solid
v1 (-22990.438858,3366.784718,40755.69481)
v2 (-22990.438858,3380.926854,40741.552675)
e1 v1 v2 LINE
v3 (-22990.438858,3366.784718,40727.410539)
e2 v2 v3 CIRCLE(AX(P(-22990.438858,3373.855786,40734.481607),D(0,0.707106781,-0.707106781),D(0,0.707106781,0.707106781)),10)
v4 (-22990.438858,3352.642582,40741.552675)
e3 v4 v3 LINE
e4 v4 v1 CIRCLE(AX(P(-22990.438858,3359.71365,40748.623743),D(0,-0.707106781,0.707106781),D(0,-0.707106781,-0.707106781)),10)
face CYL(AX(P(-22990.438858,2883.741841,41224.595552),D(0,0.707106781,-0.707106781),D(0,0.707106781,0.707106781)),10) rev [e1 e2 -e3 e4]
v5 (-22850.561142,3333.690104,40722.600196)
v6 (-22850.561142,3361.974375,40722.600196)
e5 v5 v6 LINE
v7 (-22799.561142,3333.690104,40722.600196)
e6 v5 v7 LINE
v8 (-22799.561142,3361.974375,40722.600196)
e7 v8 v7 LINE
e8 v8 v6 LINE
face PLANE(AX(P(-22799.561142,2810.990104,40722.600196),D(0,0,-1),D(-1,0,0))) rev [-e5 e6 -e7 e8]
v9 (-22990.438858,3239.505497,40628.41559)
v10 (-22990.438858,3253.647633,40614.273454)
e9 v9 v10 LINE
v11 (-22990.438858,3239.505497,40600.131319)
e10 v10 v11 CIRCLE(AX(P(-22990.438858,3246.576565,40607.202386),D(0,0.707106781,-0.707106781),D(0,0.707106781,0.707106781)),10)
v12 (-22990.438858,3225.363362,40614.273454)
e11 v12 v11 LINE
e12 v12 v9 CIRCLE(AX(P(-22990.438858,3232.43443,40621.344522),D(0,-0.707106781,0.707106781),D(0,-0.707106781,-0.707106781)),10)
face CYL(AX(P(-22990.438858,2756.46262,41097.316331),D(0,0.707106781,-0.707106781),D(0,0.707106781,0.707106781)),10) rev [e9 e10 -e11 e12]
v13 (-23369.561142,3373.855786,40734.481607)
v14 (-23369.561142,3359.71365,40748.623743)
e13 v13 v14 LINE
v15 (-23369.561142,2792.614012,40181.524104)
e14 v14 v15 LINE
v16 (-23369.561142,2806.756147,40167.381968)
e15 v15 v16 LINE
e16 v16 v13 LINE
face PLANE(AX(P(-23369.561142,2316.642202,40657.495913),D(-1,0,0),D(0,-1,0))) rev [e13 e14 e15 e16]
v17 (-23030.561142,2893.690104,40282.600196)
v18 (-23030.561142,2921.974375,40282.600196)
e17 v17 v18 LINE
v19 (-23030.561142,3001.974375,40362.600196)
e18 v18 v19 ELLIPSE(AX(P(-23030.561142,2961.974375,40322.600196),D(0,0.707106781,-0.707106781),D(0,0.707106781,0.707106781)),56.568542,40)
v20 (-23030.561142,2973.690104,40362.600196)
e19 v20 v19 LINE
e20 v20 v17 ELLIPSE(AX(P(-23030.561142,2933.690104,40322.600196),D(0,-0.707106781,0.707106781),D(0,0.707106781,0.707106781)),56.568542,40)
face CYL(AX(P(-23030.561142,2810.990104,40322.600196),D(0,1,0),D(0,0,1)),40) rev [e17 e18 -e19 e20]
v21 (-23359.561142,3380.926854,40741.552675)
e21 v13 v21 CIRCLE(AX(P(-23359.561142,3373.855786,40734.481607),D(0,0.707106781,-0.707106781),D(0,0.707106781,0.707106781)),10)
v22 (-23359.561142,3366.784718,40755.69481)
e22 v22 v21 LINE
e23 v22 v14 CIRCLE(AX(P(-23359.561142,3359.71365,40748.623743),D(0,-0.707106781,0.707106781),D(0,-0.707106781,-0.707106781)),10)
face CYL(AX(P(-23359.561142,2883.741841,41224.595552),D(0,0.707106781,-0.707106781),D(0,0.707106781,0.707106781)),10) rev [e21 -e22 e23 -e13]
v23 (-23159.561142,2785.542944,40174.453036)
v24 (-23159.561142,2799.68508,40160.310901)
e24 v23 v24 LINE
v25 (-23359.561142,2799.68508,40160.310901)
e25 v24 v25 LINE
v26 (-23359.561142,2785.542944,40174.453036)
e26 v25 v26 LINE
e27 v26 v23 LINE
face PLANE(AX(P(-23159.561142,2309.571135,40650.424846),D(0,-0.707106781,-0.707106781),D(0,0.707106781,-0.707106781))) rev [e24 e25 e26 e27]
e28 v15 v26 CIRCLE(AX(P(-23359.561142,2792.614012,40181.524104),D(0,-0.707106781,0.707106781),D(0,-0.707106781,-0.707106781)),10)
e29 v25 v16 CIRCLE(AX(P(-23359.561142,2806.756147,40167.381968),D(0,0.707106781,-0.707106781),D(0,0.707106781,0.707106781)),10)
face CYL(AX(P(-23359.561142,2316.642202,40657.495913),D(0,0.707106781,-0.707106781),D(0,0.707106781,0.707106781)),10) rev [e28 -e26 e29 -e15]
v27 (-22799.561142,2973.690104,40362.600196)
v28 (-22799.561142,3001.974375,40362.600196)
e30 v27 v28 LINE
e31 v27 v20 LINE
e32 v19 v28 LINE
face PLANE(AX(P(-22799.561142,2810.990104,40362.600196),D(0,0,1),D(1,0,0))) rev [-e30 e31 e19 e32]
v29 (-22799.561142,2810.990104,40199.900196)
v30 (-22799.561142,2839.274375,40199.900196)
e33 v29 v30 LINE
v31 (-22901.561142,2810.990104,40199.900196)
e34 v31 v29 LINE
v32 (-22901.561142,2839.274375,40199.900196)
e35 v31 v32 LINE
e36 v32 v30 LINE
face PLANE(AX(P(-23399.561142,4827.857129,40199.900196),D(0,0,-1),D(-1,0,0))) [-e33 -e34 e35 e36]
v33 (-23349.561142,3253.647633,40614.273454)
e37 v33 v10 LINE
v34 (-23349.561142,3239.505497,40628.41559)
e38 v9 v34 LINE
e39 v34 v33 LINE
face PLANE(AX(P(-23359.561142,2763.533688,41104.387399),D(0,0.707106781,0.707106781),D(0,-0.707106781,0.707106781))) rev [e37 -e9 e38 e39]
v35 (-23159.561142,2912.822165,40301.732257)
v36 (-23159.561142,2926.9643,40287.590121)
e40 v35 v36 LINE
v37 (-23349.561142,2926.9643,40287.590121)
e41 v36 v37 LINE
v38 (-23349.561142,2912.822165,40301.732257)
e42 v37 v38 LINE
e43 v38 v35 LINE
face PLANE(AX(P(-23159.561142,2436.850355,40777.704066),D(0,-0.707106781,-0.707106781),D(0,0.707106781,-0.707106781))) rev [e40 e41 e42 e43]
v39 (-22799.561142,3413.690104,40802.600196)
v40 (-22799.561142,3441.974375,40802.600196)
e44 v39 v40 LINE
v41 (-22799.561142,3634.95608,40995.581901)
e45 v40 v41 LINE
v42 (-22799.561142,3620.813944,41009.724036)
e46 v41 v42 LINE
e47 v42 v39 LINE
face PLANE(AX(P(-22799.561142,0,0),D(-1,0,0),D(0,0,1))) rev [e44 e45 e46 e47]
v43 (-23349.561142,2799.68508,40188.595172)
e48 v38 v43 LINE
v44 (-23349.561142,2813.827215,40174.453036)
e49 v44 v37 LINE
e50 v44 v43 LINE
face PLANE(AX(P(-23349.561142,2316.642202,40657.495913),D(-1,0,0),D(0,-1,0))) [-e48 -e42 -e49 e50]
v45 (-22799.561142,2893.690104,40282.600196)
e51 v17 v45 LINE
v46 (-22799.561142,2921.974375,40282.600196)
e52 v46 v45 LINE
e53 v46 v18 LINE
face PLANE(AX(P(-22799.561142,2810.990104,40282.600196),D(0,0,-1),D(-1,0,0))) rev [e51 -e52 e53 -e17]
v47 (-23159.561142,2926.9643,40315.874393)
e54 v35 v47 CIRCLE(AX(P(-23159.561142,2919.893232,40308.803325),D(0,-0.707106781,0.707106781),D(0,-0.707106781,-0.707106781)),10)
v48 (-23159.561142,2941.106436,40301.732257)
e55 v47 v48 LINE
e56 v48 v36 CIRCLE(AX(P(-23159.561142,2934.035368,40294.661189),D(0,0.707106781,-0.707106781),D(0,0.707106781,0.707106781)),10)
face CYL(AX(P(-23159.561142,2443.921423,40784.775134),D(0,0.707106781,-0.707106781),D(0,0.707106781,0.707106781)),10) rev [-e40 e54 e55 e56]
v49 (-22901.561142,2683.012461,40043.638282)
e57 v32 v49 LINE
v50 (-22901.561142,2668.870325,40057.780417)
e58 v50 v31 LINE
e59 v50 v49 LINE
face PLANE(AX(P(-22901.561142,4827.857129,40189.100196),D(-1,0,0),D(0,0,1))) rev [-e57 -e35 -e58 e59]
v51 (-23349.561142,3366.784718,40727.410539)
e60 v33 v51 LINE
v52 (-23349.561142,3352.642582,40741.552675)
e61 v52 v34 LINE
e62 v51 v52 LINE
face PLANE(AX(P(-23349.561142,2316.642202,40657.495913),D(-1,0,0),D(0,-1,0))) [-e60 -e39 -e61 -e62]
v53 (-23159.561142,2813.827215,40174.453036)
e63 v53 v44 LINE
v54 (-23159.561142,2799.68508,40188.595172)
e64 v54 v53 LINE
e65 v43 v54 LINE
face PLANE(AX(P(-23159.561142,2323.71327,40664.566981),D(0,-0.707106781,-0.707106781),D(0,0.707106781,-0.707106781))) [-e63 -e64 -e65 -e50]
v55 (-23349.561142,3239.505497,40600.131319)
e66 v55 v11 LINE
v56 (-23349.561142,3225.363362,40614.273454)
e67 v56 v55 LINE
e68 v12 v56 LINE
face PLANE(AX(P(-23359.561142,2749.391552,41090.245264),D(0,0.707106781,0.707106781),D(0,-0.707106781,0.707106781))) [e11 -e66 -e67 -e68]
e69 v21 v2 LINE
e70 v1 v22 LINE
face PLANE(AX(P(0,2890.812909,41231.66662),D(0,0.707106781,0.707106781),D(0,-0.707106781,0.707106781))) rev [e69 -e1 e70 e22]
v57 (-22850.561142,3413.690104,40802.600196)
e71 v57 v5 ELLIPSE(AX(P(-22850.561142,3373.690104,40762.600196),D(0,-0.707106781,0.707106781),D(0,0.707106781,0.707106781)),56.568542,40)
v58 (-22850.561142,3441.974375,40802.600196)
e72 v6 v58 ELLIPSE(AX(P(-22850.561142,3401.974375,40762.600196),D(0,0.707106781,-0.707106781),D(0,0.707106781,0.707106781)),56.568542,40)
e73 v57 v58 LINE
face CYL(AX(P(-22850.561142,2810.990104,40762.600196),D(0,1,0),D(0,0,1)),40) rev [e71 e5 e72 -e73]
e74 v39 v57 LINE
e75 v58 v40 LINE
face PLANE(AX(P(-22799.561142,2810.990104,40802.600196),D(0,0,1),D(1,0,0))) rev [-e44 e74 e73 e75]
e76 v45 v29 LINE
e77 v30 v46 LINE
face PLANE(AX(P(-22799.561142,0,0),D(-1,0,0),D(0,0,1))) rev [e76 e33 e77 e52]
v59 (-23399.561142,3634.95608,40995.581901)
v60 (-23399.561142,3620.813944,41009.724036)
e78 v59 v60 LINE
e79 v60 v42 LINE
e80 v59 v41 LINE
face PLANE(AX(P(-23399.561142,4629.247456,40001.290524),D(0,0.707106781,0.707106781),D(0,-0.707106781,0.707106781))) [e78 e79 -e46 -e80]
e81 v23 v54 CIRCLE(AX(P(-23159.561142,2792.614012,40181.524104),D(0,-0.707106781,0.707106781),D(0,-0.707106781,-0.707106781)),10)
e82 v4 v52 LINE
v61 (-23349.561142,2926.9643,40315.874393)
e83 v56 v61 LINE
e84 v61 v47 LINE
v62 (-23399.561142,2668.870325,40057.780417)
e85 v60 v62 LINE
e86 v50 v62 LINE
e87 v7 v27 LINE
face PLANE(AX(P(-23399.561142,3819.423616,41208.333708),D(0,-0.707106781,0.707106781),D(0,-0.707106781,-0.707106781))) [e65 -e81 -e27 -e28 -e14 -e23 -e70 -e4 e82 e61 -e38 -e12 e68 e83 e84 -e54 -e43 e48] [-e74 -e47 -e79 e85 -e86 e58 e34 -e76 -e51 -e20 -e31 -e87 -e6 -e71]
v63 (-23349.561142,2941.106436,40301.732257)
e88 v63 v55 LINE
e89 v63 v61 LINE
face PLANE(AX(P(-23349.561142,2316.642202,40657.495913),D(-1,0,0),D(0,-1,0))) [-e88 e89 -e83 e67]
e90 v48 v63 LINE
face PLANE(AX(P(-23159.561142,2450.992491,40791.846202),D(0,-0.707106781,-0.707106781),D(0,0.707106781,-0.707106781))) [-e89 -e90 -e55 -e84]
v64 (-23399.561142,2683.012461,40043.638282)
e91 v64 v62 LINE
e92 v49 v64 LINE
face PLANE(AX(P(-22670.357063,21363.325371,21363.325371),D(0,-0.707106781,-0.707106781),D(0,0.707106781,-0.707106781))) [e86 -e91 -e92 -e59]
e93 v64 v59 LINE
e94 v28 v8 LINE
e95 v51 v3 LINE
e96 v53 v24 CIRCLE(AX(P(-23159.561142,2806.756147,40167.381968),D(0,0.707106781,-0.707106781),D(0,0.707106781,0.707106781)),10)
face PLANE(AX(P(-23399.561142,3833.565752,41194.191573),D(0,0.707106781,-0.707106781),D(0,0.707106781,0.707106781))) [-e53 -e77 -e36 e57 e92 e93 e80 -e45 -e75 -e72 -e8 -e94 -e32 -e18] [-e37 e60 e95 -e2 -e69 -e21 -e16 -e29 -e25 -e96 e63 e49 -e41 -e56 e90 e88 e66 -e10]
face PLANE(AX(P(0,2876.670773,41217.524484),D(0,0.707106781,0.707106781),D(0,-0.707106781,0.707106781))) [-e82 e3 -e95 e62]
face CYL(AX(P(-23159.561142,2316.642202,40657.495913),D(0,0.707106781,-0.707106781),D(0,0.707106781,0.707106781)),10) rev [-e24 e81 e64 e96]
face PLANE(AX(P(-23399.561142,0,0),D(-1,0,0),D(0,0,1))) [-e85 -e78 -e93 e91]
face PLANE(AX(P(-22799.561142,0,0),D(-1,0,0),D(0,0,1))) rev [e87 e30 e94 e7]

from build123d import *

# Parameters (mm, degrees)
BOSS_EXTRUDE1_START = -22799.561142
BOSS_EXTRUDE1_DEPTH = 600
CUT_EXTRUDE1_START  = 2893.690104
CUT_EXTRUDE1_DEPTH  = 548.284271
BOSS_EXTRUDE2_DEPTH = 498
CUT_EXTRUDE2_DEPTH  = 694.125788176


with BuildPart() as part:
    # Sketch3 → Boss-Extrude1 (new body)
    with BuildSketch(Plane(origin=(0, 0, 0), x_dir=(0, 0, -1), z_dir=(1, 0, 0)).offset(BOSS_EXTRUDE1_START)):
        Polygon((-40199.900196056, 2810.990103756), (-41009.724036196, 3620.813943896), (-40995.581900573, 3634.95607952), (-40199.900196056, 2839.274375003), align=None)
    extrude(amount=-BOSS_EXTRUDE1_DEPTH)

    # Sketch4 → Cut-Extrude1 (cut)
    with BuildSketch(Plane(origin=(0, 0, 0), x_dir=(1, 0, 0), z_dir=(0, 1, 0)).offset(CUT_EXTRUDE1_START)):
        with BuildLine():
            Line((-22799.561141737, -40362.600196057), (-23030.561141738, -40362.600196057))
            ThreePointArc((-23030.561141738, -40362.600196057), (-23070.561141738, -40322.600196057), (-23030.561141738, -40282.600196057))
            Line((-23030.561141738, -40282.600196057), (-22799.561141737, -40282.600196057))
            Line((-22799.561141737, -40282.600196057), (-22799.561141737, -40362.600196057))
        make_face()
        with BuildLine():
            Line((-22799.561141737, -40802.600196057), (-22850.561141738, -40802.600196057))
            ThreePointArc((-22850.561141738, -40802.600196057), (-22890.561141738, -40762.600196057), (-22850.561141738, -40722.600196057))
            Line((-22850.561141738, -40722.600196057), (-22799.561141737, -40722.600196057))
            Line((-22799.561141737, -40722.600196057), (-22799.561141737, -40802.600196057))
        make_face()
    extrude(amount=CUT_EXTRUDE1_DEPTH, mode=Mode.SUBTRACT)

    # Sketch5 → Boss-Extrude2 (add)
    with BuildSketch(Plane.ZY.offset(23399.561141738)):
        Polygon((40057.780417375, 2668.870325074), (40199.900196056, 2810.990103756), (40199.900196056, 2839.274375003), (40043.638281751, 2683.012460698), align=None)
    extrude(amount=-BOSS_EXTRUDE2_DEPTH)

    # Sketch6 → Cut-Extrude2 (cut, through all)
    with BuildSketch(Plane(origin=(0, -18680.312910526, 18680.312910527), x_dir=(1, 0, 0), z_dir=(0, 0.707106781, -0.707106781))):
        with BuildLine():
            Line((-23349.561141737, -30397.304477375), (-23159.561141737, -30397.304477375))
            ThreePointArc((-23159.561141737, -30397.304477375), (-23149.561141737, -30387.304477375), (-23159.561141737, -30377.304477375))
            Line((-23159.561141737, -30377.304477375), (-23359.561141737, -30377.304477375))
            ThreePointArc((-23359.561141737, -30377.304477375), (-23366.632209549, -30380.233409563), (-23369.561141737, -30387.304477375))
            Line((-23369.561141737, -30387.304477375), (-23369.561141737, -31189.304477375))
            ThreePointArc((-23369.561141737, -31189.304477375), (-23366.632209549, -31196.375545187), (-23359.561141737, -31199.304477375))
            Line((-23359.561141737, -31199.304477375), (-22990.438858263, -31199.304477375))
            ThreePointArc((-22990.438858263, -31199.304477375), (-22980.438858263, -31189.304477375), (-22990.438858263, -31179.304477375))
            Line((-22990.438858263, -31179.304477375), (-23349.561141737, -31179.304477375))
            Line((-23349.561141737, -31179.304477375), (-23349.561141737, -31019.304477375))
            Line((-23349.561141737, -31019.304477375), (-22990.438858263, -31019.304477375))
            ThreePointArc((-22990.438858263, -31019.304477375), (-22980.438858263, -31009.304477375), (-22990.438858263, -30999.304477375))
            Line((-22990.438858263, -30999.304477375), (-23349.561141737, -30999.304477375))
            Line((-23349.561141737, -30999.304477375), (-23349.561141737, -30577.304477375))
            Line((-23349.561141737, -30577.304477375), (-23159.561141737, -30577.304477375))
            ThreePointArc((-23159.561141737, -30577.304477375), (-23149.561141737, -30567.304477375), (-23159.561141737, -30557.304477375))
            Line((-23159.561141737, -30557.304477375), (-23349.561141737, -30557.304477375))
            Line((-23349.561141737, -30557.304477375), (-23349.561141737, -30397.304477375))
        make_face()
    extrude(amount=-CUT_EXTRUDE2_DEPTH, mode=Mode.SUBTRACT)


solid = part.part
